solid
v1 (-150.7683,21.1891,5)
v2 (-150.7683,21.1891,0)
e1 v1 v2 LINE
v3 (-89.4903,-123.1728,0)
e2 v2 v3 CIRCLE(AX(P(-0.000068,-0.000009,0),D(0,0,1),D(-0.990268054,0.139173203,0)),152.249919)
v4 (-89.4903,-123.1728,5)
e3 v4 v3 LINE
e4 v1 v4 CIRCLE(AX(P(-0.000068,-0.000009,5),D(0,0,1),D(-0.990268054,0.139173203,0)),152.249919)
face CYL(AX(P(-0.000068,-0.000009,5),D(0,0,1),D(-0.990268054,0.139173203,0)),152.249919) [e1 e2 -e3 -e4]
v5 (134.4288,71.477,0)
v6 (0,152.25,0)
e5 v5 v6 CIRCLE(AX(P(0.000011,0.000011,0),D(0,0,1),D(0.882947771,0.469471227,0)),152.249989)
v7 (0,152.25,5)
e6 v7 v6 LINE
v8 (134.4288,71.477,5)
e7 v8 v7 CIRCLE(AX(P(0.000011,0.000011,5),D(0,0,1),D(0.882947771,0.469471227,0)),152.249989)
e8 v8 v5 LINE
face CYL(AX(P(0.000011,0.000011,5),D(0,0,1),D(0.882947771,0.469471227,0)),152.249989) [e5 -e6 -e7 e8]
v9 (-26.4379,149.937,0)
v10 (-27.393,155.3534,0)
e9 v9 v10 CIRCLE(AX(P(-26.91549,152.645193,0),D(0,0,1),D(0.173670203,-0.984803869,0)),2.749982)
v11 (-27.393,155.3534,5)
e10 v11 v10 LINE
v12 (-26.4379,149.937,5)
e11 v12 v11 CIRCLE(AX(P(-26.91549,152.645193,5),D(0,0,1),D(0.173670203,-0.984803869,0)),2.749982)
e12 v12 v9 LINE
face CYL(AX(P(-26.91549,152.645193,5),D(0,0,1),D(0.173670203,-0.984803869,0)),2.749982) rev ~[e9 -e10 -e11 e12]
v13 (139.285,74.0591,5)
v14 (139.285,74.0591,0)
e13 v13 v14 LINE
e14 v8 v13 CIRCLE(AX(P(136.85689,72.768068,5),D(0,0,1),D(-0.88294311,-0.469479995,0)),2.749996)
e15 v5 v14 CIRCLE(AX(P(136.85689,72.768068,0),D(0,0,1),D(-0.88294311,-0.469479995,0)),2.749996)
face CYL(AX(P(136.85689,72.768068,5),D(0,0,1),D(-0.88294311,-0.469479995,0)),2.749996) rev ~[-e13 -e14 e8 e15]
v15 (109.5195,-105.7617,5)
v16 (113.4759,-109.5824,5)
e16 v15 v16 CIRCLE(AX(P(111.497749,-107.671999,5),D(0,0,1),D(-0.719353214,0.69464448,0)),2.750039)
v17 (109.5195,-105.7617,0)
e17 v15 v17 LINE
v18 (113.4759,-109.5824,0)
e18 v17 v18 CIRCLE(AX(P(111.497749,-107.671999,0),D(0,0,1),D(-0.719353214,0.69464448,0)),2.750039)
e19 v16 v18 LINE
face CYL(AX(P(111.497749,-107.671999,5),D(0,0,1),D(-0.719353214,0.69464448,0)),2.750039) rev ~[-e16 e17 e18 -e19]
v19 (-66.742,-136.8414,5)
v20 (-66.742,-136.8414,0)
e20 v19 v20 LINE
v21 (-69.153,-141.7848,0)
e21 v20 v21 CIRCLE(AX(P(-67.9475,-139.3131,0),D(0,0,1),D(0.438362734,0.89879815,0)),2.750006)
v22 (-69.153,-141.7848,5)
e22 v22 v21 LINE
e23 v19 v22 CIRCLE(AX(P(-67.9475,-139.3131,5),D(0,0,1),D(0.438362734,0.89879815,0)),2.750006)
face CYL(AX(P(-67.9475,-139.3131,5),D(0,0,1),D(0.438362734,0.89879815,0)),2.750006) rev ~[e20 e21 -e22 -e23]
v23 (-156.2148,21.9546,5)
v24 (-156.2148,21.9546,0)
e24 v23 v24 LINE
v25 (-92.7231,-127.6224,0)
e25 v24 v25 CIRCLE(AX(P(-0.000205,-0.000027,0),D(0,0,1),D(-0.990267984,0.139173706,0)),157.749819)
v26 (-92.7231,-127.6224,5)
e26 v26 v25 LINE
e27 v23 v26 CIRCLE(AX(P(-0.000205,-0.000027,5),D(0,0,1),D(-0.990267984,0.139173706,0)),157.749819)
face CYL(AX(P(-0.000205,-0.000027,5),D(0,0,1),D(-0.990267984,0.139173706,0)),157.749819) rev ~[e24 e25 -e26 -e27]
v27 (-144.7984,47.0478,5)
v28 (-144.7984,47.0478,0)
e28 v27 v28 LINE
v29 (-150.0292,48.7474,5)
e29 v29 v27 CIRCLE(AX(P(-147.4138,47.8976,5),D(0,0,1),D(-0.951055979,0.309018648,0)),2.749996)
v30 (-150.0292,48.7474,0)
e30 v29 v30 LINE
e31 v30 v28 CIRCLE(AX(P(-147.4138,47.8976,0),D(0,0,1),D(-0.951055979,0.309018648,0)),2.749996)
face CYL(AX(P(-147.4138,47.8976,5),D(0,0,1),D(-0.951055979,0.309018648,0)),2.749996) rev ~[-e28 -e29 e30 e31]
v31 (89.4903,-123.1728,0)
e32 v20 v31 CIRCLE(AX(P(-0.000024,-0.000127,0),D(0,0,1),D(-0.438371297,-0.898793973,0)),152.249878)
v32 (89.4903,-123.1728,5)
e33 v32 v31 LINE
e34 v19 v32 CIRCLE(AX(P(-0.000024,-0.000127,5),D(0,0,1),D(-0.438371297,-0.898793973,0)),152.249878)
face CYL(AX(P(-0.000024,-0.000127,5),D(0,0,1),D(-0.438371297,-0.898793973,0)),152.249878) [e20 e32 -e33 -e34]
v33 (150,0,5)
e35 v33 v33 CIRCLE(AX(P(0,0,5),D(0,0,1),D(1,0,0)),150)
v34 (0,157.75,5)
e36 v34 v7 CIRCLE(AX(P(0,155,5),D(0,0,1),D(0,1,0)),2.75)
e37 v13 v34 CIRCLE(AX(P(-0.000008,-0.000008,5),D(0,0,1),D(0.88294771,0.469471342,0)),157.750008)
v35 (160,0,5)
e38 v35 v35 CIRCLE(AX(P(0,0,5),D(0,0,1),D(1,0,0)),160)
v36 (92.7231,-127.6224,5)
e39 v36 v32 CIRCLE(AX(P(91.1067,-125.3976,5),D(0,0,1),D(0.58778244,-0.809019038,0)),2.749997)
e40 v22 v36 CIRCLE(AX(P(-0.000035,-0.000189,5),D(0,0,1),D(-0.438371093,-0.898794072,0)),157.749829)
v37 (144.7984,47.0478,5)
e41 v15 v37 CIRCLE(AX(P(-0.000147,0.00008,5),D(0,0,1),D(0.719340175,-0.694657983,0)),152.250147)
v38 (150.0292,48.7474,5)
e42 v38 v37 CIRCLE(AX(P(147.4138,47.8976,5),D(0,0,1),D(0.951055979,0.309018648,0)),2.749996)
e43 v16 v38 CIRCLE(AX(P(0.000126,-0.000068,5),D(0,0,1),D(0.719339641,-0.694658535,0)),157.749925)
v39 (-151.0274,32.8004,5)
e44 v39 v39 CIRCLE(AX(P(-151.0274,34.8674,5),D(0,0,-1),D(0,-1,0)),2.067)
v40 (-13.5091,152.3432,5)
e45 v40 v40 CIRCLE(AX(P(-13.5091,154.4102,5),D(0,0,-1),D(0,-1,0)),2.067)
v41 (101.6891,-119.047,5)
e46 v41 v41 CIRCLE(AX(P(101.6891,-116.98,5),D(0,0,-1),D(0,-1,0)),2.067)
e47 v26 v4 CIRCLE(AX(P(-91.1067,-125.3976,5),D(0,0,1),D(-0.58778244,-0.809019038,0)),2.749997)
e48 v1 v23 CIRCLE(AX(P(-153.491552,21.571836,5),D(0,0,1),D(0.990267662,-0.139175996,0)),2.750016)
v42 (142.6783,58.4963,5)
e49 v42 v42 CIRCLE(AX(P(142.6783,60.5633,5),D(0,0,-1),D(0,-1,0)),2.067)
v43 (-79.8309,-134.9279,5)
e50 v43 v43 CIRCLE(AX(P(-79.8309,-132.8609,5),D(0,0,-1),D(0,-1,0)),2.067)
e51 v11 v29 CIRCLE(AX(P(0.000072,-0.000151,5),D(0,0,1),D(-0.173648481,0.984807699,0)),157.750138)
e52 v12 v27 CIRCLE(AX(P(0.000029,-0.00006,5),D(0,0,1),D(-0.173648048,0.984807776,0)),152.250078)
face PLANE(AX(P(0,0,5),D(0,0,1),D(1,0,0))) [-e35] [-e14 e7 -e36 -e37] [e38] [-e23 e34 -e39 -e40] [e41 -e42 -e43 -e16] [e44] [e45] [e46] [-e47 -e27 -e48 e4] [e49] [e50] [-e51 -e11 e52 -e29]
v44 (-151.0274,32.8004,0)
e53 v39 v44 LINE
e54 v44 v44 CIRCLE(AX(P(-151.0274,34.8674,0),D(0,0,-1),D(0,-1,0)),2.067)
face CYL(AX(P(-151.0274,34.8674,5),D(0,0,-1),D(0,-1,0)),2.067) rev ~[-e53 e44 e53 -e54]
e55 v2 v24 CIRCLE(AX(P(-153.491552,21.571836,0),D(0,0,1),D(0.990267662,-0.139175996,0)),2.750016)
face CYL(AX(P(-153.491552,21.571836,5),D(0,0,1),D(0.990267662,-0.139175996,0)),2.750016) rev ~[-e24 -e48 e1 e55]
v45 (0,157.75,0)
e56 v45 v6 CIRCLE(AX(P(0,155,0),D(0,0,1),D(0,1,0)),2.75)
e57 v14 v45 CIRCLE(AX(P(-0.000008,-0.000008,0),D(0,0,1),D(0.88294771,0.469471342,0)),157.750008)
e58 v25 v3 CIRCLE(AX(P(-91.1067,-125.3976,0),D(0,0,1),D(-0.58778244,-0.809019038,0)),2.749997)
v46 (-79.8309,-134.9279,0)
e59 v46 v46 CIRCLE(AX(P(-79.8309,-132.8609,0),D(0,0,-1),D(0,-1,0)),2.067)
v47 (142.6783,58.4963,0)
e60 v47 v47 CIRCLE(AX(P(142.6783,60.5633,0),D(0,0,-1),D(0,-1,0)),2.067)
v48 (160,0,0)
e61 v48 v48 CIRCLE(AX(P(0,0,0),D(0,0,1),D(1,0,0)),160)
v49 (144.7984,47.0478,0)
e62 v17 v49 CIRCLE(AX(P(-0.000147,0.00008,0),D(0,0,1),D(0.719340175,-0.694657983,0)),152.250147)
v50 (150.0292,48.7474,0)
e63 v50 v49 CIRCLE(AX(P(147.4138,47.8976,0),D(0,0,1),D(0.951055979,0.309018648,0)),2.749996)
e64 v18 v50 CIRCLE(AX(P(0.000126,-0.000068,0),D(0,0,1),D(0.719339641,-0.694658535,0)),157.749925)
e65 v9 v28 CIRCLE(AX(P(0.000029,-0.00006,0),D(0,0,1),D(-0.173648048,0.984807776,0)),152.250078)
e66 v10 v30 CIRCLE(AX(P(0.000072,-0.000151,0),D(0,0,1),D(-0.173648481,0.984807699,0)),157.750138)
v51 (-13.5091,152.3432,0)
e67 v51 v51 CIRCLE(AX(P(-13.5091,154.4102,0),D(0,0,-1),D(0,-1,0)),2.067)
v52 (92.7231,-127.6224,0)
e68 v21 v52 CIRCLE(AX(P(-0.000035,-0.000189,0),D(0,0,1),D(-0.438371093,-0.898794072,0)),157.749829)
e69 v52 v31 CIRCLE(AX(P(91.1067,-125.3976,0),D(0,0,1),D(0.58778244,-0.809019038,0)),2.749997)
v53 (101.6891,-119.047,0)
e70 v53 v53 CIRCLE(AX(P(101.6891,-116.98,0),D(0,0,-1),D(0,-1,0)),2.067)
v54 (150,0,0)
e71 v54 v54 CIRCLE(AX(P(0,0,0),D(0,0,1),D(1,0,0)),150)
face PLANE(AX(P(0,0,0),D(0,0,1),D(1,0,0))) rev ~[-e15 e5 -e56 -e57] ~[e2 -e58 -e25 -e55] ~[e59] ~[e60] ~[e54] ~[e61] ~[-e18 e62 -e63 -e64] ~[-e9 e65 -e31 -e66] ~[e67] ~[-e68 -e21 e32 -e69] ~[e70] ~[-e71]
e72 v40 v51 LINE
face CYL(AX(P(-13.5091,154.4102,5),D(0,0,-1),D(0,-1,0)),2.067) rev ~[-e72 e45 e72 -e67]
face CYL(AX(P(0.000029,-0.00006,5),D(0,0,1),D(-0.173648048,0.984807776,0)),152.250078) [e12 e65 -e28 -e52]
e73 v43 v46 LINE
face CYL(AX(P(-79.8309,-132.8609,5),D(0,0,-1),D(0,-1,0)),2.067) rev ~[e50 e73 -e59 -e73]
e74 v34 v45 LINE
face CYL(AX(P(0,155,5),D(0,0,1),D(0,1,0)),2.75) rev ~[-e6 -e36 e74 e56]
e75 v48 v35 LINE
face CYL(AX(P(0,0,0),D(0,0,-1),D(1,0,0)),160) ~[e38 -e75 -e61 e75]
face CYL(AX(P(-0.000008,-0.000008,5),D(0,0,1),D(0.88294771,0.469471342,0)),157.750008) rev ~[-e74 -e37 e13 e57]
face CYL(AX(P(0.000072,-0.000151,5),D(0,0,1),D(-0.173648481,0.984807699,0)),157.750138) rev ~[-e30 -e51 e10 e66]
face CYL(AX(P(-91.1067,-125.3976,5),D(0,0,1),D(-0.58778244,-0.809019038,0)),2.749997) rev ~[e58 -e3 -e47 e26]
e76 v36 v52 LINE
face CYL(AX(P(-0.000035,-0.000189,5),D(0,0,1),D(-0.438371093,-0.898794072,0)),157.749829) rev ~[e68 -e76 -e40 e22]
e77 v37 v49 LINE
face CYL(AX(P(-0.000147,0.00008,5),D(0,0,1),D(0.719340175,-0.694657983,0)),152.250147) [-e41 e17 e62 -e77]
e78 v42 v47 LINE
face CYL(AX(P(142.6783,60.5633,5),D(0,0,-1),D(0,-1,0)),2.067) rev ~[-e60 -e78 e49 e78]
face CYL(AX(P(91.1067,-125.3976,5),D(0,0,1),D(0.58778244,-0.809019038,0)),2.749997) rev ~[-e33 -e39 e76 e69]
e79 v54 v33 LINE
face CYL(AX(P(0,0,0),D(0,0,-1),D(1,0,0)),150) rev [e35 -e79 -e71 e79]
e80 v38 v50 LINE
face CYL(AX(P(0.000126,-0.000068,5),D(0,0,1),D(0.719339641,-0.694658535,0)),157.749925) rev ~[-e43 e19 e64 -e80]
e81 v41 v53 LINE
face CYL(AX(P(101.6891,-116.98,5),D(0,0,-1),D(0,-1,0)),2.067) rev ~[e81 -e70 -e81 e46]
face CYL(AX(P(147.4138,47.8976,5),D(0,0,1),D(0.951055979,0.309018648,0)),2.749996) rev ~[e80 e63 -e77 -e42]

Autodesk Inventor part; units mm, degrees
ref_plane "YZ Plane" through (0, 0, 0) normal (1, 0, 0) x (0, 1, 0)
ref_plane "XZ Plane" through (0, 0, 0) normal (0, 1, 0) x (-1, 0, 0)
ref_plane "XY Plane" through (0, 0, 0) normal (0, 0, 1) x (1, 0, 0)
sketch "Sketch1" plane through (0, 0, 0) normal (0, 0, 1) x (1, 0, 0)
  circle A0 centre (0, 0) radius 160
  circle A1 centre (0, 0) radius 150
  line L0 (0, 0) -> (0, -160) construction
  dimension "outer_diameter" = 320
  dimension "inner_diameter" = 300
extrude "Extrusion1" add sketch "Sketch1" along normal blind 5
sketch "Sketch2" plane through (0, 0, 5) normal (0, 0, 1) x (1, 0, 0)
  arc A0 (136.8569, 72.7681) -> (0, 155) centre (0, 0) ccw construction
  arc A1 (139.285, 74.0591) -> (0, 157.75) centre (0, 0) ccw
  arc A2 (134.4288, 71.477) -> (0, 152.25) centre (0, 0) ccw
  arc A3 (134.4288, 71.477) -> (139.285, 74.0591) centre (136.8569, 72.7681) ccw
  arc A4 (0, 157.75) -> (0, 152.25) centre (0, 155) ccw
  line L0 (0, 0) -> (136.8569, 72.7681) construction
  line L1 (0, 0) -> (0, 155) construction
  line L2 (0, 0) -> (0, -28.237) construction
  arc A5 (-27.393, 155.3534) -> (-150.0292, 48.7474) centre (0, 0) ccw
  arc A6 (-26.4379, 149.937) -> (-144.7984, 47.0478) centre (0, 0) ccw
  arc A7 (-26.4379, 149.937) -> (-27.393, 155.3534) centre (-26.9155, 152.6452) ccw
  arc A8 (-150.0292, 48.7474) -> (-144.7984, 47.0478) centre (-147.4138, 47.8976) ccw
  arc A9 (-156.2148, 21.9546) -> (-92.7231, -127.6224) centre (0, 0) ccw
  arc A10 (-150.7683, 21.1891) -> (-89.4903, -123.1728) centre (0, 0) ccw
  arc A11 (-150.7683, 21.1891) -> (-156.2148, 21.9546) centre (-153.4916, 21.5718) ccw
  arc A12 (-92.7231, -127.6224) -> (-89.4903, -123.1728) centre (-91.1067, -125.3976) ccw
  arc A13 (-69.153, -141.7848) -> (92.7231, -127.6224) centre (0, 0) ccw
  arc A14 (-66.742, -136.8414) -> (89.4903, -123.1728) centre (0, 0) ccw
  arc A15 (-66.742, -136.8414) -> (-69.153, -141.7848) centre (-67.9475, -139.3131) ccw
  arc A16 (92.7231, -127.6224) -> (89.4903, -123.1728) centre (91.1067, -125.3976) ccw
  arc A17 (113.4759, -109.5824) -> (150.0292, 48.7474) centre (0, 0) ccw
  arc A18 (109.5195, -105.7617) -> (144.7984, 47.0478) centre (0, 0) ccw
  arc A19 (109.5195, -105.7617) -> (113.4759, -109.5824) centre (111.4977, -107.672) ccw
  arc A20 (150.0292, 48.7474) -> (144.7984, 47.0478) centre (147.4138, 47.8976) ccw
  point P0 (160, 0)
  dimension "slot_radius" = 155
  dimension "slot_length_deg" = 62
  dimension "slot_width" = 5.5
  dimension "d15" = 360
extrude "Extrusion3" cut sketch "Sketch2" against normal blind 5
sketch "Sketch3" plane through (0, 0, 5) normal (0, 0, 1) x (1, 0, 0)
  circle A0 centre (0, 0) radius 150 projected
  circle A1 centre (0, 0) radius 155 construction
  line L0 (0, 0) -> (-13.5091, 154.4102) construction
  arc A2 (0, 157.75) -> (0, 152.25) centre (0, 155) ccw projected
  line L1 (0, 155) -> (0, 0) construction
  point P0 (-13.5091, 154.4102)
  point P1 (-151.0274, 34.8674)
  point P2 (-79.8309, -132.8609)
  point P3 (101.6891, -116.98)
  point P4 (142.6783, 60.5633)
  dimension "d22" = 310
  dimension "d42" = 360
  dimension "d52" = 5
hole "Hole1" at (-13.5091, 154.4102, 5) at (-151.0274, 34.8674, 5) at (-79.8309, -132.8609, 5) at (101.6891, -116.98, 5) at (142.6783, 60.5633, 5) direction (0, 0, -1) diameter 4.134 depth 8 tip angle 118 thread size "M5x0.8" class "6H" standard "ANSI Metric M Profile"
equation "\"slot_radius\" = 0.25 * inner_diameter + 0.25 * outer_diameter"
equation "\"d17\" = thickness"
equation "\"d22\" = 0.5 * inner_diameter + 0.5 * outer_diameter"
equation "\"offset_angle_gear\" = 65deg"
equation "\"thickness\" = 5"
properties part number "ytterring"
